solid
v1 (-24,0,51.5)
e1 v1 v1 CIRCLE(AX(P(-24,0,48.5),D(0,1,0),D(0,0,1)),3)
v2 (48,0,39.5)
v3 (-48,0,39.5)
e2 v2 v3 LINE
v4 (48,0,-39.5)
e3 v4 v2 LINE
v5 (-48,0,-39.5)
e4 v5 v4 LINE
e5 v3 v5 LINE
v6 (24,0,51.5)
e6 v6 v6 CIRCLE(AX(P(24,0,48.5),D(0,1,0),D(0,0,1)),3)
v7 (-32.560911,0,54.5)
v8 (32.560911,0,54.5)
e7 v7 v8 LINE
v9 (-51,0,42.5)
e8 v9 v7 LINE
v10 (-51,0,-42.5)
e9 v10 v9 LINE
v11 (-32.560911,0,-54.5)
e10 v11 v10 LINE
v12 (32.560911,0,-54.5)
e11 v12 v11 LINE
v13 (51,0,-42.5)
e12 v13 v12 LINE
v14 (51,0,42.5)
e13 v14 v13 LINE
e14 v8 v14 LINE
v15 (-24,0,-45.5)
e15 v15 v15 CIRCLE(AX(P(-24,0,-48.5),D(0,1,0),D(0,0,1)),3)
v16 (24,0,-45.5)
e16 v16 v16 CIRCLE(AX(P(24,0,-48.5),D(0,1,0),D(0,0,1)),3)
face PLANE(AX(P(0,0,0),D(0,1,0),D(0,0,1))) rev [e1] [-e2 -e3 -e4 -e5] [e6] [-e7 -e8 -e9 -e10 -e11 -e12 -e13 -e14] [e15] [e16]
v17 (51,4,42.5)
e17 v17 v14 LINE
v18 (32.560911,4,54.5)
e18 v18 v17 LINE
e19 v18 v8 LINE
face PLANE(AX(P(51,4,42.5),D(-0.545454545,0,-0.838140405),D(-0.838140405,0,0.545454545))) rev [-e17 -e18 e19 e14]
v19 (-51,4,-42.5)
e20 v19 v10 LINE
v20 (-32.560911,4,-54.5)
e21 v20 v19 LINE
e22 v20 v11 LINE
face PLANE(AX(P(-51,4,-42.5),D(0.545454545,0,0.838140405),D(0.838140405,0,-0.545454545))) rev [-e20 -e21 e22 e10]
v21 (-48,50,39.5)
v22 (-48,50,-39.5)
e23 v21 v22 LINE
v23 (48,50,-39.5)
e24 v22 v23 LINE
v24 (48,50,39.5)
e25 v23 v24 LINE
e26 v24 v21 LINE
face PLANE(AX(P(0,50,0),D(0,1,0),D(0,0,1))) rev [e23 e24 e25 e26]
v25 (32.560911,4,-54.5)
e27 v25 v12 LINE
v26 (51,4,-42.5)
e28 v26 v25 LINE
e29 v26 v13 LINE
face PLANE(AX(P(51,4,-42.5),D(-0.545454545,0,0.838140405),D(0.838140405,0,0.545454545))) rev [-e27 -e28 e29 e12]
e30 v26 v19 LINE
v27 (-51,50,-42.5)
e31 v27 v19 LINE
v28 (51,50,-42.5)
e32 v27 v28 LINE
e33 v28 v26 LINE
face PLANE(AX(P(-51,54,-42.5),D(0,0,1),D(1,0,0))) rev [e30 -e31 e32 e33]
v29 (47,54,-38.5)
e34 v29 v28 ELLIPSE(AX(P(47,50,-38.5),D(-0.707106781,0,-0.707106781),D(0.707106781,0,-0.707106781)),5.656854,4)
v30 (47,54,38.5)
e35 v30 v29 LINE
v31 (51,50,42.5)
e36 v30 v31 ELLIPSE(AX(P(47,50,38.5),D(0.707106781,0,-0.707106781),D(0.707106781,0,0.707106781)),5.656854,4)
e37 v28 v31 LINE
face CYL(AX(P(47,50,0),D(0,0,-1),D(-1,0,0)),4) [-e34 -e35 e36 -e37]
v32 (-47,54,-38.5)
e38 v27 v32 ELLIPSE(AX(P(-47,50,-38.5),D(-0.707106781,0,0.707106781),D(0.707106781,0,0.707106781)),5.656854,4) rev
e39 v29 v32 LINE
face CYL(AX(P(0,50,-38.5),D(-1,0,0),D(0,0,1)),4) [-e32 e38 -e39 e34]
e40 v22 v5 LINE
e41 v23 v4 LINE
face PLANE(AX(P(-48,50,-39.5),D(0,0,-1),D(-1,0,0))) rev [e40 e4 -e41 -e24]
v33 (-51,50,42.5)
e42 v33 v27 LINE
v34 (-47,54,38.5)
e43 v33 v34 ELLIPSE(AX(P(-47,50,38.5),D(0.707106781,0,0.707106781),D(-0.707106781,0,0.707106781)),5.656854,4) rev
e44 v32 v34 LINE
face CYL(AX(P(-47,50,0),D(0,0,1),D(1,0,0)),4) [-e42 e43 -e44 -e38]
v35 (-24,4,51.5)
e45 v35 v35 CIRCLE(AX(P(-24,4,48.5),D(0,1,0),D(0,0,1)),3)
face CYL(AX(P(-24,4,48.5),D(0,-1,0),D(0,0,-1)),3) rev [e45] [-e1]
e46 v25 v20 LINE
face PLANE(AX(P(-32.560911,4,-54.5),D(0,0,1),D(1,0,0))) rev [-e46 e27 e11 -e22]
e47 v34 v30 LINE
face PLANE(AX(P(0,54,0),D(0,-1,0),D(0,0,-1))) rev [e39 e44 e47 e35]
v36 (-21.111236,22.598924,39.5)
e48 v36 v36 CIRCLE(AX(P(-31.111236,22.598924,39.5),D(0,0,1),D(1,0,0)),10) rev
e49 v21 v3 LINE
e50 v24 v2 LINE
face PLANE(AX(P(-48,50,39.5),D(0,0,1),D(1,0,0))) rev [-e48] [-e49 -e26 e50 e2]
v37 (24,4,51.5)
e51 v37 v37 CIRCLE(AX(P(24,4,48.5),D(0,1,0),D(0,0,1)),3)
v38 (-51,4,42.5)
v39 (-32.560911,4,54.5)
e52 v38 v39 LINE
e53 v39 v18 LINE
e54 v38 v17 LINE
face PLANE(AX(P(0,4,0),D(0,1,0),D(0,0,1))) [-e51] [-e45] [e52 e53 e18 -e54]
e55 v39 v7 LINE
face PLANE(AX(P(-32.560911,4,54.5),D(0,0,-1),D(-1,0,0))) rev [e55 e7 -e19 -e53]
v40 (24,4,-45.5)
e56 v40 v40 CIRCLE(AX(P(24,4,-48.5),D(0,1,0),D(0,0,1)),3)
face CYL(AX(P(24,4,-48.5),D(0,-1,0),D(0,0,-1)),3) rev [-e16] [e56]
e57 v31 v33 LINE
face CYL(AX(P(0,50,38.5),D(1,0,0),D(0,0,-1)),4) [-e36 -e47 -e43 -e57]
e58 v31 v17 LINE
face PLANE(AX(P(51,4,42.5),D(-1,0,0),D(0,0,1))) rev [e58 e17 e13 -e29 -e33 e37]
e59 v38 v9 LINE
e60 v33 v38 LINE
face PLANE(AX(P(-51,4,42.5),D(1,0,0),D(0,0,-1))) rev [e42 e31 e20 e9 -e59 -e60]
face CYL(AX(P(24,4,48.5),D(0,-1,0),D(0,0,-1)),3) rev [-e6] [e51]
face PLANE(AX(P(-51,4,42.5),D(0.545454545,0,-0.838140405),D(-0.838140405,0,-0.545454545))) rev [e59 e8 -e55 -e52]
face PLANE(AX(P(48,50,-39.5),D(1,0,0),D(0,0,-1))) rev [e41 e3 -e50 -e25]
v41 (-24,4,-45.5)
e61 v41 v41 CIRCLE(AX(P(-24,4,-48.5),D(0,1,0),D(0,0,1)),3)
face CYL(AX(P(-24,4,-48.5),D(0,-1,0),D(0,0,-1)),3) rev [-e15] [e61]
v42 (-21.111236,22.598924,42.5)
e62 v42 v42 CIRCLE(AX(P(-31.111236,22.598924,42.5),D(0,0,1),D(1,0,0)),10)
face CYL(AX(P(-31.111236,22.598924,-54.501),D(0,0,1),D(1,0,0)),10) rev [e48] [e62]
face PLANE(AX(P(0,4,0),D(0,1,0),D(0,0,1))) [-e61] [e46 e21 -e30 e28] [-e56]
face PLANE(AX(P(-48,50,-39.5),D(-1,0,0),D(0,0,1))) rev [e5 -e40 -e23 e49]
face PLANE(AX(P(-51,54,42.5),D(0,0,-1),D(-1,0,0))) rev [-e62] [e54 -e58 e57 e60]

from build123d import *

# Parameters (mm, degrees)
SKETCH_1_R          = 3
EXTRUDE_1_DEPTH     = 4
SKETCH_2_W          = 102
SKETCH_2_H          = 85
EXTRUDE_2_DEPTH     = 50
SKETCH_4_W          = 96
SKETCH_4_H          = 79
CUT_EXTRUDE_3_DEPTH = 50
FILLET_1_R          = 4
CUT_EXTRUDE_4_REACH = 124.172
SKETCH_5_R          = 10


with BuildPart() as part:
    # 草图1 → 凸台-拉伸1 (new body)
    with BuildSketch(Plane(origin=(0, 0, 0), x_dir=(1, 0, 0), z_dir=(0, 1, 0))):
        Polygon((51, -42.5), (51, 42.5), (32.560911085, 54.5), (-32.560911085, 54.5), (-51, 42.5), (-51, -42.5), (-32.560911085, -54.5), (32.560911085, -54.5), align=None)
        with Locations(Location((-24, 48.5, 0), (0, 0, 270))):
            Circle(SKETCH_1_R, mode=Mode.SUBTRACT)
        with Locations(Location((24, 48.5, 0), (0, 0, 270))):
            Circle(SKETCH_1_R, mode=Mode.SUBTRACT)
        with Locations(Location((24, -48.5, 0), (0, 0, 270))):
            Circle(SKETCH_1_R, mode=Mode.SUBTRACT)
        with Locations(Location((-24, -48.5, 0), (0, 0, 270))):
            Circle(SKETCH_1_R, mode=Mode.SUBTRACT)
    extrude(amount=EXTRUDE_1_DEPTH)

    # 草图2 → 凸台-拉伸2 (add)
    with BuildSketch(Plane(origin=(0, 4, 0), x_dir=(1, 0, 0), z_dir=(0, 1, 0))):
        Rectangle(SKETCH_2_W, SKETCH_2_H)
    extrude(amount=EXTRUDE_2_DEPTH)

    # 草图4 → 切除-拉伸3 (cut)
    with BuildSketch(Plane.XZ):
        Rectangle(SKETCH_4_W, SKETCH_4_H)
    extrude(amount=-CUT_EXTRUDE_3_DEPTH, mode=Mode.SUBTRACT)

    # 圆角1
    fillet_1_edges = [part.edges().sort_by_distance(p)[0] for p in [
        (51, 54, 0),
        (0, 54, -42.5),
        (-51, 54, 0),
        (0, 54, 42.5),
    ]]
    fillet(fillet_1_edges, radius=FILLET_1_R)

    # 草图5 → 切除-拉伸4 (cut, up to next)
    with BuildSketch(Plane.XY.offset(42.5), mode=Mode.PRIVATE) as cut_extrude_4_sk1:
        with Locations((-31.111235747, 22.5989242)):
            Circle(SKETCH_5_R)
    cut_extrude_4_tool1 = extrude(cut_extrude_4_sk1.sketch, amount=-CUT_EXTRUDE_4_REACH, mode=Mode.PRIVATE) & part.part
    add(cut_extrude_4_tool1.solids().sort_by_distance((-31.111236, 22.598924, 42.5))[0], mode=Mode.SUBTRACT)


solid = part.part
